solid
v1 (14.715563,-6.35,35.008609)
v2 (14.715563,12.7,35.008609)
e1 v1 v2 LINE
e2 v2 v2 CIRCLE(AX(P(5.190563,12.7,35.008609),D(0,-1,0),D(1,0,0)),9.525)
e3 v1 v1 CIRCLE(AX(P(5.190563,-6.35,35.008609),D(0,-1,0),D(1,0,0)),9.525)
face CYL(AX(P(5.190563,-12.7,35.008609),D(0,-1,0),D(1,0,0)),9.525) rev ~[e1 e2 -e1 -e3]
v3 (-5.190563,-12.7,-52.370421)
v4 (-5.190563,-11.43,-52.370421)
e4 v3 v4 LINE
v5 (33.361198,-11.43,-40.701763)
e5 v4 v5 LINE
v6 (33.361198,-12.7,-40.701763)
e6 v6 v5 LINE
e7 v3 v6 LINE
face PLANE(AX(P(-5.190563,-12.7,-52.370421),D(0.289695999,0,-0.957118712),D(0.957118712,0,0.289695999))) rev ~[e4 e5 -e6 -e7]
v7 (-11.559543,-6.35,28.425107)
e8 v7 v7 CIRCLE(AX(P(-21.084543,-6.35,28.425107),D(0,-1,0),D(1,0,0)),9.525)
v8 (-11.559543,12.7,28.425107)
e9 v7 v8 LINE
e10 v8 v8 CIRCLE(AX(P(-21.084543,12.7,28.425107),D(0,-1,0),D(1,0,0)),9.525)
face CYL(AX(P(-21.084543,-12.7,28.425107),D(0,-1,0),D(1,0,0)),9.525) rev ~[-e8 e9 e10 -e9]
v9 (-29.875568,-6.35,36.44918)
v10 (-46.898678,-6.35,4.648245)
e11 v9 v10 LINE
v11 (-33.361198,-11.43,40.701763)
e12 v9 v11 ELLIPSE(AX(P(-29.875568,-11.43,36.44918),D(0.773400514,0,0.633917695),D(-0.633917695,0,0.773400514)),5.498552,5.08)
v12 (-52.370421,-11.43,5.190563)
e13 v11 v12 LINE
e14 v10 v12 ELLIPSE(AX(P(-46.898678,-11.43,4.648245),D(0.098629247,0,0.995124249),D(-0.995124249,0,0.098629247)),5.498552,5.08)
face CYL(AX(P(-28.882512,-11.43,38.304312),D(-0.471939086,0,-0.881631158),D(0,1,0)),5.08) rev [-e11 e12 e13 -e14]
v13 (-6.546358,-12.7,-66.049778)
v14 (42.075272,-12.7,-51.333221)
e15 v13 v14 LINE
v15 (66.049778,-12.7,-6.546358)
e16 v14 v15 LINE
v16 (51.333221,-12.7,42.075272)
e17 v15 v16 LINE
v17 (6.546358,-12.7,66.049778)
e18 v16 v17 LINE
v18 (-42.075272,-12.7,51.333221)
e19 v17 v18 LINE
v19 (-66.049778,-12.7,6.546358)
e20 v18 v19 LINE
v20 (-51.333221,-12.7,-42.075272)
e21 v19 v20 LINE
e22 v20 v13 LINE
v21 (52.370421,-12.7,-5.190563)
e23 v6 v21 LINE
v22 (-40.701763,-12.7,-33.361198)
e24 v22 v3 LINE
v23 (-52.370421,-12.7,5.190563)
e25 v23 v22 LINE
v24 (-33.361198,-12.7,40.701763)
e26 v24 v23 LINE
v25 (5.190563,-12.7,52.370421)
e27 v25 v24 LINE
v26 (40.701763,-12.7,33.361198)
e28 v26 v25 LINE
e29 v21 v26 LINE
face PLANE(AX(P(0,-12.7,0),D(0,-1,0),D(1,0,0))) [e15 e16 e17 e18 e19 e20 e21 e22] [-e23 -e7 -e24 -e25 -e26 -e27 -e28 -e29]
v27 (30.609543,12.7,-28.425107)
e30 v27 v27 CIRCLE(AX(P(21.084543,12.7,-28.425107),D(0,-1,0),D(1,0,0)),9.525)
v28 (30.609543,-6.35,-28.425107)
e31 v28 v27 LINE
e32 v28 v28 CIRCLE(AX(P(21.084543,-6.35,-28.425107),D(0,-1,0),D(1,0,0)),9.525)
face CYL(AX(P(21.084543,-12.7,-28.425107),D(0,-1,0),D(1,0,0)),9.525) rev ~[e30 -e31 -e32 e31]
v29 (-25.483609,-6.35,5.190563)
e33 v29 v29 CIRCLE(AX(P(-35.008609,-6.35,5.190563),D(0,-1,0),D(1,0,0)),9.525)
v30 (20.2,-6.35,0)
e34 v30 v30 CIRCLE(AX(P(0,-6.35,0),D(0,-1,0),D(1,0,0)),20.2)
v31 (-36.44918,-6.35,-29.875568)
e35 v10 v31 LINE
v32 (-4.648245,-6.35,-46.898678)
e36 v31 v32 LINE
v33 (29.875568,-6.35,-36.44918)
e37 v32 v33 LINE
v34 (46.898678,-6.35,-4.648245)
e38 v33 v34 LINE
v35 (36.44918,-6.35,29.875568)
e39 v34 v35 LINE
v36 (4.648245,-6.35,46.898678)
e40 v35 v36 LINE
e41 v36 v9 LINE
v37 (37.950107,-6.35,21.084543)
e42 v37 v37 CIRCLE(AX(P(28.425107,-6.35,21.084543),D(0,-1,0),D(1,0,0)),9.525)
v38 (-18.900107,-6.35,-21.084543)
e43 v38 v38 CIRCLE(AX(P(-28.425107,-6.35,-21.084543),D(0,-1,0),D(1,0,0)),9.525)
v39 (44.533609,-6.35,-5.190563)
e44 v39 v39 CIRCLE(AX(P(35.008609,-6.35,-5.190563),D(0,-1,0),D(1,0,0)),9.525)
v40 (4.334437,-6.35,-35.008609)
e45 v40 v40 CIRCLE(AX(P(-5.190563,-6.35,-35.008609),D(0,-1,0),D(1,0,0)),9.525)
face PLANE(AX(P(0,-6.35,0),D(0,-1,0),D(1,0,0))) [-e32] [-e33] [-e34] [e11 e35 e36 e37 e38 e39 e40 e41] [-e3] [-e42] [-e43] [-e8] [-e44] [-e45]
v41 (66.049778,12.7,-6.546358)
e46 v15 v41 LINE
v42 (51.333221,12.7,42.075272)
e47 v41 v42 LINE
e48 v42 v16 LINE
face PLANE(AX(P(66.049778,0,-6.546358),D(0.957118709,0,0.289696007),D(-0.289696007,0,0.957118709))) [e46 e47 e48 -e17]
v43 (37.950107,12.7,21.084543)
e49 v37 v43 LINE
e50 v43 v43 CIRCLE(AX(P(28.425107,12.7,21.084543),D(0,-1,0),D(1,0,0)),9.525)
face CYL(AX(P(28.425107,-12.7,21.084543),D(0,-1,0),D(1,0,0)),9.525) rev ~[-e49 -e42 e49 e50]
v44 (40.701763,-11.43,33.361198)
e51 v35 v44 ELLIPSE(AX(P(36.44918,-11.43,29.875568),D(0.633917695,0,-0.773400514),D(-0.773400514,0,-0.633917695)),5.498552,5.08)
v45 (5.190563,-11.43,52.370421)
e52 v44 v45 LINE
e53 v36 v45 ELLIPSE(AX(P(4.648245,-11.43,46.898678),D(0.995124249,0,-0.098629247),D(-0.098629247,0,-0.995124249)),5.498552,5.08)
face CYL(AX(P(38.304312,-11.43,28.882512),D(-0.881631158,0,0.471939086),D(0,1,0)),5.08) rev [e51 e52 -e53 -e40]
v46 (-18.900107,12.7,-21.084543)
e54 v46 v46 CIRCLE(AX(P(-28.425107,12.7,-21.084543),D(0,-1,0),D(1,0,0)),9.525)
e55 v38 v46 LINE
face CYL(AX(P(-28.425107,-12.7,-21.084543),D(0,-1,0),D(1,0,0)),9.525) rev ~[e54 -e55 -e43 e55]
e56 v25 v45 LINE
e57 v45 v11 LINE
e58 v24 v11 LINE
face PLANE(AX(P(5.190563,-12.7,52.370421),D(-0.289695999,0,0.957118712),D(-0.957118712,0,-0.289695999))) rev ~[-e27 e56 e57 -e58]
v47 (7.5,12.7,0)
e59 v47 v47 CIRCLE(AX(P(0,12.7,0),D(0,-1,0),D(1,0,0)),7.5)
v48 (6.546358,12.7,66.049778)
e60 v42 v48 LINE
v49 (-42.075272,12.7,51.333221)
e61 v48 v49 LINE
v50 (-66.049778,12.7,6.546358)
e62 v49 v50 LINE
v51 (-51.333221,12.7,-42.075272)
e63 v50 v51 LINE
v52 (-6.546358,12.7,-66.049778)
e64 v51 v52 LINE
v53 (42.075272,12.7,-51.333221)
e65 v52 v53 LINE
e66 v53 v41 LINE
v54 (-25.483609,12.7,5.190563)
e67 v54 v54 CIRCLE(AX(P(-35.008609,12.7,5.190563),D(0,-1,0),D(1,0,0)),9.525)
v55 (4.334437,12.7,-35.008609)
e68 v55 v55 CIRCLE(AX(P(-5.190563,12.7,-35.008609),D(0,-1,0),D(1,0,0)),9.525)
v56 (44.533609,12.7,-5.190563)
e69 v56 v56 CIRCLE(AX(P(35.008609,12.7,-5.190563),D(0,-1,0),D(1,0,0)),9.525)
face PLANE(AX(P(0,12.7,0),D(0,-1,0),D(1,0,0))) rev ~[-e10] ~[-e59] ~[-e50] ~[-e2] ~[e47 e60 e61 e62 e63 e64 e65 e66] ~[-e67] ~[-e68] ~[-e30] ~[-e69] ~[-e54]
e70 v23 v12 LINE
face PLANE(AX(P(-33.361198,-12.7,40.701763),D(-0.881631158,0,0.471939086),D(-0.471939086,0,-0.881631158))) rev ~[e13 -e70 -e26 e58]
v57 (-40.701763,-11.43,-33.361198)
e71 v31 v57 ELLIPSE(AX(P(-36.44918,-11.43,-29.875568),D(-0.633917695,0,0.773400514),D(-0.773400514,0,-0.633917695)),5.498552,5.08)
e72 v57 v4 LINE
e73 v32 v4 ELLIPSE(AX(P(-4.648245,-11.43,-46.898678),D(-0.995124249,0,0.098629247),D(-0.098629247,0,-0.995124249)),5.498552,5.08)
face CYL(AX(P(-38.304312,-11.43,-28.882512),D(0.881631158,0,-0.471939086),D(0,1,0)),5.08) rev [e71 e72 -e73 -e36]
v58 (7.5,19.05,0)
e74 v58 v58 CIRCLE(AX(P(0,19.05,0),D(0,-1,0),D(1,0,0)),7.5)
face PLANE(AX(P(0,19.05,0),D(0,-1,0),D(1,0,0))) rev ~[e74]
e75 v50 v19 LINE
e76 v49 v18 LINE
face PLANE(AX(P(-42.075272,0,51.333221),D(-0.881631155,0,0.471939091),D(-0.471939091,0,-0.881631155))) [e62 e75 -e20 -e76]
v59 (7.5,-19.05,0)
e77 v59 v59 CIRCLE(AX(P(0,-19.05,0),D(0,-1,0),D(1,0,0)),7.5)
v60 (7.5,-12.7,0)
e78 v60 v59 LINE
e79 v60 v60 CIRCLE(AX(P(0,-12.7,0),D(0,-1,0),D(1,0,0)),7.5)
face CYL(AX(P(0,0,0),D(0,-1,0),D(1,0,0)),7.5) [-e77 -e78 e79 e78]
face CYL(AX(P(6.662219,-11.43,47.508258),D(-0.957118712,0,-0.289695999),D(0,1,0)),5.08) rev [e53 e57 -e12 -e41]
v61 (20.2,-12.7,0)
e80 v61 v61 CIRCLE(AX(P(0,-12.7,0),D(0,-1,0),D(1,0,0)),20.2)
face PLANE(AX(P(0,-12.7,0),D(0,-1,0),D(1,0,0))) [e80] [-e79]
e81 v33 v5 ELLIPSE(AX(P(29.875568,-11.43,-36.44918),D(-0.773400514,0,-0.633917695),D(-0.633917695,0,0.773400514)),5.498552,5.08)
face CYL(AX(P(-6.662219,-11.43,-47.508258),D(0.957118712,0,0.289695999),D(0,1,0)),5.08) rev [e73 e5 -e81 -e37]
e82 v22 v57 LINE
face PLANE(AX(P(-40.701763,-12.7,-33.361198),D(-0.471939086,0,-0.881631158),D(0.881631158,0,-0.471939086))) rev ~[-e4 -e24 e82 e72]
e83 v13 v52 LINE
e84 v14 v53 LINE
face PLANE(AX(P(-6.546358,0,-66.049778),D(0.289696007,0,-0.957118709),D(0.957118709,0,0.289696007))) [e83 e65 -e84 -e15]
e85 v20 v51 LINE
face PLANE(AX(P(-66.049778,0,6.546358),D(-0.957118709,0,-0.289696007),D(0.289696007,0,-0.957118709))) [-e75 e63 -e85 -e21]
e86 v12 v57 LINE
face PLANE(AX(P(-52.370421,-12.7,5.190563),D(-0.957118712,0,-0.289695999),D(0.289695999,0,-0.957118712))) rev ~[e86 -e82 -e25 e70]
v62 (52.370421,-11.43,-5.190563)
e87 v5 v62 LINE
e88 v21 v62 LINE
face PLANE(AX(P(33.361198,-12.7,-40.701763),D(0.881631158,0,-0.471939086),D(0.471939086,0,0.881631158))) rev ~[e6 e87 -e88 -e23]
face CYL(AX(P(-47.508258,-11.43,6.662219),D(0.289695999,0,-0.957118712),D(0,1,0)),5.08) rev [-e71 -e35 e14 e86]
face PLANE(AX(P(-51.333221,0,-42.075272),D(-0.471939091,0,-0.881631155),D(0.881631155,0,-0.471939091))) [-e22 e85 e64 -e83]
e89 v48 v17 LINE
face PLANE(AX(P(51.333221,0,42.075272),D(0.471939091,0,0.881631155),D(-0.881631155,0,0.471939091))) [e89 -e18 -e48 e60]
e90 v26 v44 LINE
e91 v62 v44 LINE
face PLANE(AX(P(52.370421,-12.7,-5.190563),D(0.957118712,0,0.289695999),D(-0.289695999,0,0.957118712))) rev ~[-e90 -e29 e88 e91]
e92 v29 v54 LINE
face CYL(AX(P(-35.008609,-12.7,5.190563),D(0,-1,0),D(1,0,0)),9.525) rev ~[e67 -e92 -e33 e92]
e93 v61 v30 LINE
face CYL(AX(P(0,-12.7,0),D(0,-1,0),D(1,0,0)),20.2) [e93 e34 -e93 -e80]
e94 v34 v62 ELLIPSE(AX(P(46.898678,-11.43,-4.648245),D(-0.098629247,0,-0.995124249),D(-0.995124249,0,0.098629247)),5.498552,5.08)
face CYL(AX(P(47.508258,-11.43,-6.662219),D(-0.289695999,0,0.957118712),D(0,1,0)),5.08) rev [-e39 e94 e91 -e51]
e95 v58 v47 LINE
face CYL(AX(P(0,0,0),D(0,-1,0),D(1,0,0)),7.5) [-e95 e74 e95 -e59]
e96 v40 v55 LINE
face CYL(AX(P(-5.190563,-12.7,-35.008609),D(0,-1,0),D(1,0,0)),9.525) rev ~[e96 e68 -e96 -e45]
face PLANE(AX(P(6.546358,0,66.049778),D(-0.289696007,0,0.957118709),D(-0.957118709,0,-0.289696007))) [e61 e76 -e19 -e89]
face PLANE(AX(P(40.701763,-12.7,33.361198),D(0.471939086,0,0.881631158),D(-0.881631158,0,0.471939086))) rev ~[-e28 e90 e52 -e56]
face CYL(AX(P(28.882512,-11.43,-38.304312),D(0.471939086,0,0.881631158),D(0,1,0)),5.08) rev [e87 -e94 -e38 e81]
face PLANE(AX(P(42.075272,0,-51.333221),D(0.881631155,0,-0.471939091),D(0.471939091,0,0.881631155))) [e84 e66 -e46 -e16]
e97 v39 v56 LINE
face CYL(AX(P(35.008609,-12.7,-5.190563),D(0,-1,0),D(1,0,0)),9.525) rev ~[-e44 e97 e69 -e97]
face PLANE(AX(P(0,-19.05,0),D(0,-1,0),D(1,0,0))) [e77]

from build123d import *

# Parameters (mm, degrees)
F0_R     = 7.5
F1_DEPTH = 12.7
F2_DEPTH = 19.05
F3_R     = 9.525
F3_R_2   = 20.2
F4_DEPTH = 6.35
F5_DEPTH = 31.751
F6_R     = 5.08


with BuildPart() as f1:
    # F0 (on Front) → F1 (new body, symmetric)
    with BuildSketch(Plane.XZ):
        Polygon((66.049778, -6.546358), (51.333221, 42.075272), (6.546358, 66.049778), (-42.075272, 51.333221), (-66.049778, 6.546358), (-51.333221, -42.075272), (-6.546358, -66.049778), (42.075272, -51.333221), align=None)
        Circle(F0_R, mode=Mode.SUBTRACT)
    extrude(amount=F1_DEPTH, both=True)

    # F0 (on Front) → F2 (join, symmetric)
    with BuildSketch(Plane.XZ):
        Circle(F0_R)
    extrude(amount=F2_DEPTH, both=True)

    # F3 (on face) → F4 (cut)
    with BuildSketch(Plane.XZ.offset(12.7)):
        Polygon((-5.190563, -52.370421), (33.361198, -40.701763), (52.370421, -5.190563), (40.701763, 33.361198), (5.190563, 52.370421), (-33.361198, 40.701763), (-52.370421, 5.190563), (-40.701763, -33.361198), align=None)
        with Locations((-5.190563, -35.008609)):
            Circle(F3_R, mode=Mode.SUBTRACT)
        with Locations((-28.425107, -21.084543)):
            Circle(F3_R, mode=Mode.SUBTRACT)
        with Locations((21.084543, -28.425107)):
            Circle(F3_R, mode=Mode.SUBTRACT)
        Circle(F3_R_2, mode=Mode.SUBTRACT)
        with Locations((35.008609, -5.190563)):
            Circle(F3_R, mode=Mode.SUBTRACT)
        with Locations((-35.008609, 5.190563)):
            Circle(F3_R, mode=Mode.SUBTRACT)
        with Locations((-21.084543, 28.425107)):
            Circle(F3_R, mode=Mode.SUBTRACT)
        with Locations((28.425107, 21.084543)):
            Circle(F3_R, mode=Mode.SUBTRACT)
        with Locations((5.190563, 35.008609)):
            Circle(F3_R, mode=Mode.SUBTRACT)
    extrude(amount=-F4_DEPTH, mode=Mode.SUBTRACT)

    # F3 (on face) → F5 (cut, through all)
    with BuildSketch(Plane.XZ.offset(12.7)):
        with Locations((-35.008609, 5.190563)):
            Circle(F3_R)
        with Locations((-21.084543, 28.425107)):
            Circle(F3_R)
        with Locations((5.190563, 35.008609)):
            Circle(F3_R)
        with Locations((28.425107, 21.084543)):
            Circle(F3_R)
        with Locations((21.084543, -28.425107)):
            Circle(F3_R)
        with Locations((-28.425107, -21.084543)):
            Circle(F3_R)
        with Locations((35.008609, -5.190563)):
            Circle(F3_R)
        with Locations((-5.190563, -35.008609)):
            Circle(F3_R)
    extrude(amount=-F5_DEPTH, mode=Mode.SUBTRACT)

    # F6
    f6_edges = [f1.edges().sort_by_distance(p)[0] for p in [
        (-14.085317, -6.35, 46.536092),
        (-42.86581, -6.35, 22.946163),
        (-46.536092, -6.35, -14.085317),
        (-22.946163, -6.35, -42.86581),
        (22.946163, -6.35, 42.86581),
        (46.536092, -6.35, 14.085317),
        (42.86581, -6.35, -22.946163),
        (14.085317, -6.35, -46.536092),
    ]]
    fillet(f6_edges, radius=F6_R)


solid = f1.part
